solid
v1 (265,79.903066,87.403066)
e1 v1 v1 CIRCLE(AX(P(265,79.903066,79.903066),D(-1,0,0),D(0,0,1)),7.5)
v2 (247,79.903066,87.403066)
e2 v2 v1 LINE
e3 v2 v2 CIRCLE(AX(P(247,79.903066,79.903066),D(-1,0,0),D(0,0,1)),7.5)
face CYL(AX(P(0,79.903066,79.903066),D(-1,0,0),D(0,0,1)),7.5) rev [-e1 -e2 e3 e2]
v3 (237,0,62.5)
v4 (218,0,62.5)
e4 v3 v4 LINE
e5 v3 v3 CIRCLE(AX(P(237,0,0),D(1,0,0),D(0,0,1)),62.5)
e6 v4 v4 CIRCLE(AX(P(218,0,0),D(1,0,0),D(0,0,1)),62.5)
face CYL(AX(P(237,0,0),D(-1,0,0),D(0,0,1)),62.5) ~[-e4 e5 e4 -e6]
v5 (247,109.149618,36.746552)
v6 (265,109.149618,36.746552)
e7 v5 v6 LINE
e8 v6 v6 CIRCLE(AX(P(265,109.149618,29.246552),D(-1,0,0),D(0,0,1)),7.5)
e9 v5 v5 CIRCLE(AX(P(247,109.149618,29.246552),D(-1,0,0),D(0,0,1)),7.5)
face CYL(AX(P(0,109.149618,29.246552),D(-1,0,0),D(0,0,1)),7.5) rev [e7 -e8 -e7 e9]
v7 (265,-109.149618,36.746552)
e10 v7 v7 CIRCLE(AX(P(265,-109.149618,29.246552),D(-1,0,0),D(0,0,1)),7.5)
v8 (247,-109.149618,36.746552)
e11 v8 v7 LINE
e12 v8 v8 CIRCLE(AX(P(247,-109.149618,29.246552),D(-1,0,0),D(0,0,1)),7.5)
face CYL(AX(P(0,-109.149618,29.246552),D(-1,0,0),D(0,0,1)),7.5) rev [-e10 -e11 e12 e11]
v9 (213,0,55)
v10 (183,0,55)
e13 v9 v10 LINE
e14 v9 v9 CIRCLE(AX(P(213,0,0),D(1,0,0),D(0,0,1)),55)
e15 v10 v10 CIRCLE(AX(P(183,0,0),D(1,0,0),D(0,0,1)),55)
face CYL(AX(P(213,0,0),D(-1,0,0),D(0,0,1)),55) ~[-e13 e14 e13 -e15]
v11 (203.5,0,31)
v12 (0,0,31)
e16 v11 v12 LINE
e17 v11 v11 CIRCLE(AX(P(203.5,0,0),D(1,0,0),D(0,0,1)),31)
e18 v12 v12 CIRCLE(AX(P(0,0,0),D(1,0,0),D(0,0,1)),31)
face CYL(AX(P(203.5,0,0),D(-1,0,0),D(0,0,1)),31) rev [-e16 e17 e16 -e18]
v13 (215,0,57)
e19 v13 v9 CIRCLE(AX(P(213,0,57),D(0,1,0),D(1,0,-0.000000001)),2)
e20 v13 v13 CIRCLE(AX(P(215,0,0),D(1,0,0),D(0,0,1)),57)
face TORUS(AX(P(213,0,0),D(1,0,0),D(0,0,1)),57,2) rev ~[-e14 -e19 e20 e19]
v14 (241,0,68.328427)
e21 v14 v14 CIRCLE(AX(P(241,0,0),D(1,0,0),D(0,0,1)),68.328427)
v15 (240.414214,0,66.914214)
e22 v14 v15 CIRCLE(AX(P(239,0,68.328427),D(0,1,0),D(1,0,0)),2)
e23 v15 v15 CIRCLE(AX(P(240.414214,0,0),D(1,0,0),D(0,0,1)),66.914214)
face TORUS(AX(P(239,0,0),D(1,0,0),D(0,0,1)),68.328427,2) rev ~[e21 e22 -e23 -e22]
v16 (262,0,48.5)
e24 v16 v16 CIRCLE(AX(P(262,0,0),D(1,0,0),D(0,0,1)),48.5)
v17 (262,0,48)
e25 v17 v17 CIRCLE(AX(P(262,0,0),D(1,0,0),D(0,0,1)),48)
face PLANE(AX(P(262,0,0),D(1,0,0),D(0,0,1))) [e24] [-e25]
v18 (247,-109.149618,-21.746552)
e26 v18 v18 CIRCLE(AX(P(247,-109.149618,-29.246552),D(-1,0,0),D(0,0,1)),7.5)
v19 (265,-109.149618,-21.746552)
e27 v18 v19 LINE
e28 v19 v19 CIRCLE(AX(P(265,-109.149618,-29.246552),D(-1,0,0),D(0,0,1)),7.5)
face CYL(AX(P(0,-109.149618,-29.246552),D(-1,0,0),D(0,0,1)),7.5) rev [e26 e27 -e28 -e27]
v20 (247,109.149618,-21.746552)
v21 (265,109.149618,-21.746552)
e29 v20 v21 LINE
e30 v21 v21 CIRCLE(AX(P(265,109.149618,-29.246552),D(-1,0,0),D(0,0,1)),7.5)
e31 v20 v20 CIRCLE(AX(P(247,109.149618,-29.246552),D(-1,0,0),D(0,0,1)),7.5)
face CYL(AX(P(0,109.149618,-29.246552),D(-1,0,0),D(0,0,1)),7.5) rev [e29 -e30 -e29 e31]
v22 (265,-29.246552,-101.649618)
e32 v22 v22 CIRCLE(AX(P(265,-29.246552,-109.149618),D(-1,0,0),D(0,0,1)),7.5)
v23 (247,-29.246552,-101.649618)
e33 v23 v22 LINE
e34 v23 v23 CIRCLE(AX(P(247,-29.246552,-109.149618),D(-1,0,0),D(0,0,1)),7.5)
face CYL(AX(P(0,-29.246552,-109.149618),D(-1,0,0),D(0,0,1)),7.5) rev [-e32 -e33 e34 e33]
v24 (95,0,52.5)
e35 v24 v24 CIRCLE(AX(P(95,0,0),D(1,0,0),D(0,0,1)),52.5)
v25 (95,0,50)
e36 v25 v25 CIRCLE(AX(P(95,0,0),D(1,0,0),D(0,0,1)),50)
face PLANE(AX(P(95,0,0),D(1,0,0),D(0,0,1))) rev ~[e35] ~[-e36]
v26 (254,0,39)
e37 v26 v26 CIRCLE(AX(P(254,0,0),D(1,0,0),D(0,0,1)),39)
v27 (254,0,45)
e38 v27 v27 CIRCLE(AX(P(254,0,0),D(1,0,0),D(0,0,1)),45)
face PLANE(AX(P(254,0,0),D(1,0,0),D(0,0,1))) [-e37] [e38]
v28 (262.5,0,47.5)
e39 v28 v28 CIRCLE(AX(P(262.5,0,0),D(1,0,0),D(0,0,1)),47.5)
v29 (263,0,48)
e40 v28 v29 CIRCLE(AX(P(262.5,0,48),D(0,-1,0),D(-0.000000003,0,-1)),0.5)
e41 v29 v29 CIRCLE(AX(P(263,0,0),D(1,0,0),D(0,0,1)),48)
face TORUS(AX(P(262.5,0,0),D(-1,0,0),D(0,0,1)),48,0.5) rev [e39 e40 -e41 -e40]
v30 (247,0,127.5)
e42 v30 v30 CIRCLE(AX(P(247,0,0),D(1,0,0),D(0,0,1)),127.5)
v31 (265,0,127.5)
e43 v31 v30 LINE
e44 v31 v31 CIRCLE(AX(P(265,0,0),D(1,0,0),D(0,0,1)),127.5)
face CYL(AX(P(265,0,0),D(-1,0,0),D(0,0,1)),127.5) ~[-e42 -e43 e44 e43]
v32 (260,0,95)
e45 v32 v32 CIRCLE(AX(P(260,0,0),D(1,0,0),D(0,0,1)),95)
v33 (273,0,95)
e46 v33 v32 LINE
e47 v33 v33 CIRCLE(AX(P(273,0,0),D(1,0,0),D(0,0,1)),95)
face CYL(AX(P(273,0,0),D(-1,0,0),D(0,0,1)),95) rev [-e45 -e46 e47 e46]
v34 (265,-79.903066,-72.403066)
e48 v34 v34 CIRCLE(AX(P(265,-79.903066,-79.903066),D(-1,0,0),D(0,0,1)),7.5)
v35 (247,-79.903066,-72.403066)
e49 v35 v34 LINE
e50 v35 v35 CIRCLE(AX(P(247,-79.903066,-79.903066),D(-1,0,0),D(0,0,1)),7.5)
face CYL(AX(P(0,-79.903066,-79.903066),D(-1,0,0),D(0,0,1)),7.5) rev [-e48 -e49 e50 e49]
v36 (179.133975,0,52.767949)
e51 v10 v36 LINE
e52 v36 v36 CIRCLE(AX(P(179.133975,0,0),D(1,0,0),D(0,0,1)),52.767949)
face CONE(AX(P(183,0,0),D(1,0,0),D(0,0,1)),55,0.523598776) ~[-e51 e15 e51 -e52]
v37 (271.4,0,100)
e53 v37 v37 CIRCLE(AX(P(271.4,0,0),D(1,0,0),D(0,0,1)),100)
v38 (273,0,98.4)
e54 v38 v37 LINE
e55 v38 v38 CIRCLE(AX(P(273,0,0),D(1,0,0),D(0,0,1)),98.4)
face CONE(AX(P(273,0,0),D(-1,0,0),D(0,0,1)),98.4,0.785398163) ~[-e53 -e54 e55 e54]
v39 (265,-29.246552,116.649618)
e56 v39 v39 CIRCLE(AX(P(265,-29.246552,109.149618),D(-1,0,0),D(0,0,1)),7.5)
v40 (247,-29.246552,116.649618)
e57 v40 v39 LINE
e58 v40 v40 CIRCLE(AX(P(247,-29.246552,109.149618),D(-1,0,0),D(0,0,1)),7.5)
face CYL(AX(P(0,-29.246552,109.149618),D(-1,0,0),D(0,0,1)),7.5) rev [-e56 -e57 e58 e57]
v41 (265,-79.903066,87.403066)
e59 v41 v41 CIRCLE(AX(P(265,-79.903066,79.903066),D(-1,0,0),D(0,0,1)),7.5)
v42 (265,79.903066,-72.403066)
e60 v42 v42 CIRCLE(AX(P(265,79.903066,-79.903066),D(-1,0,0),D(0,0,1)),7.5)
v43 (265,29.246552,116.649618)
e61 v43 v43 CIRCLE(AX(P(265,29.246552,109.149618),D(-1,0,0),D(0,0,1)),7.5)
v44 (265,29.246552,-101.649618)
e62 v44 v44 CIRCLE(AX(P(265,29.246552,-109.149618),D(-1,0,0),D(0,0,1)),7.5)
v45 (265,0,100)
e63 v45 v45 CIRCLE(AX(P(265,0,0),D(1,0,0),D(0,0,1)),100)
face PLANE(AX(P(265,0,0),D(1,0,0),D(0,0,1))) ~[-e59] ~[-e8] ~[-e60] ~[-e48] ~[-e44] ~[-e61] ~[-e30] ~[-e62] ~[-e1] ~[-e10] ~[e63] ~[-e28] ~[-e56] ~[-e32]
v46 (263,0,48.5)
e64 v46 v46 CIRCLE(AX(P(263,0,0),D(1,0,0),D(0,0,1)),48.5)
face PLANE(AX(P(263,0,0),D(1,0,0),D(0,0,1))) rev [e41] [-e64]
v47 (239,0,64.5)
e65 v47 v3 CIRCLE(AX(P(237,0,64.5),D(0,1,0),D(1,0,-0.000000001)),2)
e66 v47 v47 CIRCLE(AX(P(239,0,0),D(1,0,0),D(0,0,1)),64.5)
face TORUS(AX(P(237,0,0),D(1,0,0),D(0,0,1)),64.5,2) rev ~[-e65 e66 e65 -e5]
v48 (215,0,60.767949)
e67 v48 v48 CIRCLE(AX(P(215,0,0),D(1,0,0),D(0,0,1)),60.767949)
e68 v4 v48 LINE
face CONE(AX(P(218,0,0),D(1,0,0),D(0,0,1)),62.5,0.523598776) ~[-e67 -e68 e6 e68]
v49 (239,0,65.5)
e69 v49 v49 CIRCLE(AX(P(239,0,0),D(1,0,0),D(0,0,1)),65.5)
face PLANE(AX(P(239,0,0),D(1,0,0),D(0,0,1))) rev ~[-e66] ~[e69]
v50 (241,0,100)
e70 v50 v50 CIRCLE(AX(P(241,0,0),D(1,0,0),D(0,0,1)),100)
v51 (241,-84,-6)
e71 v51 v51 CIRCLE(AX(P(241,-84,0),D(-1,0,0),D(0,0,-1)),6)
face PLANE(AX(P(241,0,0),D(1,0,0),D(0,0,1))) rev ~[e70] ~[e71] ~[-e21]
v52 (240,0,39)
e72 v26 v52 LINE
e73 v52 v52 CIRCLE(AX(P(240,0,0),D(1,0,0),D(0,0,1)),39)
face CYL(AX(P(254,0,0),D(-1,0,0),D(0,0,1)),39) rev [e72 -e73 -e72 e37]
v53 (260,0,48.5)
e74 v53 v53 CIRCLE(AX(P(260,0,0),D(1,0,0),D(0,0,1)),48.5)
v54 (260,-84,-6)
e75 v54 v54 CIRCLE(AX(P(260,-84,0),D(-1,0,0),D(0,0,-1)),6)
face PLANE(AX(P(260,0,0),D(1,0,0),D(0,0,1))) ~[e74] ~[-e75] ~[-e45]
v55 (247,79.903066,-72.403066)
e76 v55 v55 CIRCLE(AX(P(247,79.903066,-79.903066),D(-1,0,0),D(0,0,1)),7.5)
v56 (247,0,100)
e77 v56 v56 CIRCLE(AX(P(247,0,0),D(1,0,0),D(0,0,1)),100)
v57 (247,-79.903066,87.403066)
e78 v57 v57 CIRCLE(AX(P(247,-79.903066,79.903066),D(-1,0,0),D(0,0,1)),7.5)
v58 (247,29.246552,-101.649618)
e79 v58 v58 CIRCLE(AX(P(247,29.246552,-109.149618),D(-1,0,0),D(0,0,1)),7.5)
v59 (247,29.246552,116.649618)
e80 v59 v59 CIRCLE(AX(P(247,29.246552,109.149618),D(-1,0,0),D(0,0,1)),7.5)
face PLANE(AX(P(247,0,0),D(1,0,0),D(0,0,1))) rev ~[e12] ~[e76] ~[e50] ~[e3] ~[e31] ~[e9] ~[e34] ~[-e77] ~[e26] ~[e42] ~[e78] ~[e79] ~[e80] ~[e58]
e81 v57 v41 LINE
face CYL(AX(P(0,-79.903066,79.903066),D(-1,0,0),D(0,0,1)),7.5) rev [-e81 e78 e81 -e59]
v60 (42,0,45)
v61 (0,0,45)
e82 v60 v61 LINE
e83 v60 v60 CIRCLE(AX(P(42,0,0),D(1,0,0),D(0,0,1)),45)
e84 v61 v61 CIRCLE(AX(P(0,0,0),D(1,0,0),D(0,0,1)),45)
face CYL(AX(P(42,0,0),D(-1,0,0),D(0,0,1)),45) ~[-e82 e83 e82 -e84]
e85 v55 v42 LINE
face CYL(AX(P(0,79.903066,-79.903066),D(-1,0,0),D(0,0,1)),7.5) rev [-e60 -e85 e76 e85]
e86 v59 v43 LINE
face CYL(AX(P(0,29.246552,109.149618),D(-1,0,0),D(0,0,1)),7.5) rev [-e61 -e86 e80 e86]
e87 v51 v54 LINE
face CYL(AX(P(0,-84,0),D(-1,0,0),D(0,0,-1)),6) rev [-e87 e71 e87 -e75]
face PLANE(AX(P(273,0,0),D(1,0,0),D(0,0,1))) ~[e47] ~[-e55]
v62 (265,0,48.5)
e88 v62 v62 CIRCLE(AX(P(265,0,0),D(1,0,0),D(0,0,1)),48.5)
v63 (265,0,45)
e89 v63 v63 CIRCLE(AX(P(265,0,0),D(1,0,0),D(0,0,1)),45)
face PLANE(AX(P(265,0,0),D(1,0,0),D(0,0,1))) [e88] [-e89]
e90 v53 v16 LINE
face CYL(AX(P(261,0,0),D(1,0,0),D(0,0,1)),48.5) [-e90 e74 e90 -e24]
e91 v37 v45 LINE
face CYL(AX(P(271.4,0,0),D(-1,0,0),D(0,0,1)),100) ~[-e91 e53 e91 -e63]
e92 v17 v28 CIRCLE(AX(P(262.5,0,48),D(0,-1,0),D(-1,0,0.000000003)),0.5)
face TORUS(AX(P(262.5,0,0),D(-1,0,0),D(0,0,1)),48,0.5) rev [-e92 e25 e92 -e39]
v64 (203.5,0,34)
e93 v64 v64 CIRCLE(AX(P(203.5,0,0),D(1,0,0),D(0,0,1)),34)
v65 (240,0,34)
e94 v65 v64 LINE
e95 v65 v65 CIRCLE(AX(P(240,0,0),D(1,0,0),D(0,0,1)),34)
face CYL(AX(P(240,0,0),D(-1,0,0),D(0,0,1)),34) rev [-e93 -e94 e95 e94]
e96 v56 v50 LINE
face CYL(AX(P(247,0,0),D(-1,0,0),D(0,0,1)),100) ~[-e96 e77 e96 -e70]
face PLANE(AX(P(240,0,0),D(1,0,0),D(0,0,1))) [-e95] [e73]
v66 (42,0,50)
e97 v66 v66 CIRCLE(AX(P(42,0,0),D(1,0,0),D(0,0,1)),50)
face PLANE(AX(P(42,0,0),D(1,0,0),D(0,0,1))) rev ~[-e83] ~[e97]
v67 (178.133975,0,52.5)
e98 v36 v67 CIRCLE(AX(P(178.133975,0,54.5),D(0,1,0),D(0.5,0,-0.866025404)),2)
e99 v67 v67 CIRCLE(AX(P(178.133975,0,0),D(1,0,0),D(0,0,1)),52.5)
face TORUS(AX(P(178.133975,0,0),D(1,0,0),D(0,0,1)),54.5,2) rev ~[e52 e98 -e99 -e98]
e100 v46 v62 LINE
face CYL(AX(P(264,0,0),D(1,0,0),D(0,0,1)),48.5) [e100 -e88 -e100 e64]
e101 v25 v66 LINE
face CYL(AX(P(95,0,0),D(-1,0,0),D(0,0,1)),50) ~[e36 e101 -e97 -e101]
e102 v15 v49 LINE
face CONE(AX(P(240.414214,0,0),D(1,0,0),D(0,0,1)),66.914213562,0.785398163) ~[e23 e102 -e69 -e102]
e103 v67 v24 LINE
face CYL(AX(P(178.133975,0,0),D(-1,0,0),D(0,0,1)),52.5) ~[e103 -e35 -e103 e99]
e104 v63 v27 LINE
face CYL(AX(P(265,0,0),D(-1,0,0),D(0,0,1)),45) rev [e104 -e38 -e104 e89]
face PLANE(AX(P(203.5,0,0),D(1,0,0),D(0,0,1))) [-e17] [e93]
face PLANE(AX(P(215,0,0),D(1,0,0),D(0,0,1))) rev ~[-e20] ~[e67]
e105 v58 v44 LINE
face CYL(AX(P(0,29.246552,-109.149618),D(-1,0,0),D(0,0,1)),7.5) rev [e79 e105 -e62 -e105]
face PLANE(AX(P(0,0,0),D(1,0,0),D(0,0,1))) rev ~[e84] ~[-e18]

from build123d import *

# Parameters (mm, degrees)
SKETCH_3_W           = 2
SKETCH_3_H           = 46.5
SKETCH_5_W           = 2
SKETCH_5_H           = 46.5
SKETCH_6_R           = 7.5
CUT_EXTRUDE_1_DEPTH  = 328.171973127
SKETCH_7_R           = 7.5
CUT_EXTRUDE_2_DEPTH  = 328.171973127
SKETCH_8_R           = 7.5
CUT_EXTRUDE_3_DEPTH  = 328.171973127
SKETCH_9_R           = 7.5
CUT_EXTRUDE_4_DEPTH  = 328.171973127
SKETCH_10_R          = 7.5
CUT_EXTRUDE_5_DEPTH  = 328.171973127
SKETCH_11_R          = 7.5
CUT_EXTRUDE_6_DEPTH  = 328.171973127
SKETCH_12_R          = 7.5
CUT_EXTRUDE_7_DEPTH  = 328.171973127
SKETCH_13_R          = 7.5
CUT_EXTRUDE_8_DEPTH  = 328.171973127
SKETCH_14_R          = 7.5
CUT_EXTRUDE_9_DEPTH  = 328.171973127
SKETCH_15_R          = 7.5
CUT_EXTRUDE_10_DEPTH = 328.171973127
SKETCH_16_R          = 7.5
CUT_EXTRUDE_11_DEPTH = 328.171973127
SKETCH_17_R          = 7.5
CUT_EXTRUDE_12_DEPTH = 328.171973127
SKETCH_18_R          = 6
CUT_EXTRUDE_13_DEPTH = 328.171973127


with BuildPart() as part:
    # Эскиз1 → Повернуть1 (revolve)
    with BuildSketch(Plane.XY, mode=Mode.PRIVATE) as revolve_1_sk:
        with BuildLine():
            Line((0, 0), (273, 0))
            Line((273, 0), (273, 98.4))
            Line((273, 98.4), (271.4, 100))
            Line((271.4, 100), (265, 100))
            Line((265, 100), (265, 127.5))
            Line((265, 127.5), (247, 127.5))
            Line((247, 127.5), (247, 100))
            Line((247, 100), (241, 100))
            Line((241, 100), (241, 68.328427125))
            ThreePointArc((241, 68.328427125), (240.847759065, 67.56306026), (240.414213562, 66.914213562))
            Line((240.414213562, 66.914213562), (239, 65.5))
            Line((239, 65.5), (239, 64.5))
            ThreePointArc((239, 64.5), (238.414213562, 63.085786438), (237, 62.5))
            Line((237, 62.5), (218, 62.5))
            Line((218, 62.5), (215, 60.767949192))
            Line((215, 60.767949192), (215, 57))
            ThreePointArc((215, 57), (214.414213562, 55.585786438), (213, 55))
            Line((213, 55), (183, 55))
            Line((183, 55), (179.133974596, 52.767949192))
            ThreePointArc((179.133974596, 52.767949192), (178.651612686, 52.568148347), (178.133974596, 52.5))
            Line((178.133974596, 52.5), (95, 52.5))
            Line((95, 52.5), (95, 50))
            Line((95, 50), (42, 50))
            Line((42, 50), (42, 45))
            Line((42, 45), (0, 45))
            Line((0, 45), (0, 0))
        make_face()
    revolve(revolve_1_sk.sketch.rotate(Axis((0, 0, 0), (1, 0, 0)), 90), axis=Axis((0, 0, 0), (1, 0, 0)))

    # Эскиз2 → Вырез-Повернуть1 (revolve, cut)
    with BuildSketch(Plane.XY, mode=Mode.PRIVATE) as cut_revolve_1_sk:
        Polygon((0, 0), (273, 0), (273, 95), (265, 95), (265, 45), (254, 45), (254, 39), (240, 39), (240, 34), (203.5, 34), (203.5, 31), (0, 31), align=None)
    revolve(cut_revolve_1_sk.sketch.rotate(Axis((0, 0, 0), (1, 0, 0)), 90), axis=Axis((0, 0, 0), (1, 0, 0)), mode=Mode.SUBTRACT)

    # Эскиз3 → Rear_recess_left (revolve, cut)
    with BuildSketch(Plane.XY, mode=Mode.PRIVATE) as rear_recess_left_sk:
        with Locations((261, 71.75)):
            Rectangle(SKETCH_3_W, SKETCH_3_H)
    revolve(rear_recess_left_sk.sketch.rotate(Axis((0, 0, 0), (1, 0, 0)), 90), axis=Axis((0, 0, 0), (1, 0, 0)), mode=Mode.SUBTRACT)

    # Эскиз4 → Collar_groove_nominal (revolve, cut)
    with BuildSketch(Plane.XY, mode=Mode.PRIVATE) as collar_groove_nominal_sk:
        with BuildLine():
            Line((263, 48), (263, 95))
            Line((263, 95), (262, 95))
            Line((262, 95), (262, 48))
            ThreePointArc((262, 48), (262.146446609, 47.646446609), (262.5, 47.5))
            ThreePointArc((262.5, 47.5), (262.853553391, 47.646446609), (263, 48))
        make_face()
    revolve(collar_groove_nominal_sk.sketch.rotate(Axis((0, 0, 0), (1, 0, 0)), 90), axis=Axis((0, 0, 0), (1, 0, 0)), mode=Mode.SUBTRACT)

    # Эскиз5 → Rear_recess_lip (revolve, cut)
    with BuildSketch(Plane.XY, mode=Mode.PRIVATE) as rear_recess_lip_sk:
        with Locations((264, 71.75)):
            Rectangle(SKETCH_5_W, SKETCH_5_H)
    revolve(rear_recess_lip_sk.sketch.rotate(Axis((0, 0, 0), (1, 0, 0)), 90), axis=Axis((0, 0, 0), (1, 0, 0)), mode=Mode.SUBTRACT)

    # Эскиз6 → Вырез-Вытянуть1 (cut, through all)
    with BuildSketch(Plane(origin=(0, 0, 0), x_dir=(0, 0, -1), z_dir=(1, 0, 0))):
        with Locations(Location((109.149618371, 29.246552097, 0), (0, 0, 180))):
            Circle(SKETCH_6_R)
    extrude(amount=CUT_EXTRUDE_1_DEPTH, mode=Mode.SUBTRACT)

    # Эскиз7 → Вырез-Вытянуть2 (cut, through all)
    with BuildSketch(Plane(origin=(0, 0, 0), x_dir=(0, 0, -1), z_dir=(1, 0, 0))):
        with Locations(Location((79.903066274, 79.903066274, 0), (0, 0, 180))):
            Circle(SKETCH_7_R)
    extrude(amount=CUT_EXTRUDE_2_DEPTH, mode=Mode.SUBTRACT)

    # Эскиз8 → Вырез-Вытянуть3 (cut, through all)
    with BuildSketch(Plane(origin=(0, 0, 0), x_dir=(0, 0, -1), z_dir=(1, 0, 0))):
        with Locations(Location((29.246552097, 109.149618371, 0), (0, 0, 180))):
            Circle(SKETCH_8_R)
    extrude(amount=CUT_EXTRUDE_3_DEPTH, mode=Mode.SUBTRACT)

    # Эскиз9 → Вырез-Вытянуть4 (cut, through all)
    with BuildSketch(Plane(origin=(0, 0, 0), x_dir=(0, 0, -1), z_dir=(1, 0, 0))):
        with Locations(Location((-29.246552097, 109.149618371, 0), (0, 0, 180))):
            Circle(SKETCH_9_R)
    extrude(amount=CUT_EXTRUDE_4_DEPTH, mode=Mode.SUBTRACT)

    # Эскиз10 → Вырез-Вытянуть5 (cut, through all)
    with BuildSketch(Plane(origin=(0, 0, 0), x_dir=(0, 0, -1), z_dir=(1, 0, 0))):
        with Locations(Location((-79.903066274, 79.903066274, 0), (0, 0, 180))):
            Circle(SKETCH_10_R)
    extrude(amount=CUT_EXTRUDE_5_DEPTH, mode=Mode.SUBTRACT)

    # Эскиз11 → Вырез-Вытянуть6 (cut, through all)
    with BuildSketch(Plane(origin=(0, 0, 0), x_dir=(0, 0, -1), z_dir=(1, 0, 0))):
        with Locations(Location((-109.149618371, 29.246552097, 0), (0, 0, 180))):
            Circle(SKETCH_11_R)
    extrude(amount=CUT_EXTRUDE_6_DEPTH, mode=Mode.SUBTRACT)

    # Эскиз12 → Вырез-Вытянуть7 (cut, through all)
    with BuildSketch(Plane(origin=(0, 0, 0), x_dir=(0, 0, -1), z_dir=(1, 0, 0))):
        with Locations(Location((-109.149618371, -29.246552097, 0), (0, 0, 180))):
            Circle(SKETCH_12_R)
    extrude(amount=CUT_EXTRUDE_7_DEPTH, mode=Mode.SUBTRACT)

    # Эскиз13 → Вырез-Вытянуть8 (cut, through all)
    with BuildSketch(Plane(origin=(0, 0, 0), x_dir=(0, 0, -1), z_dir=(1, 0, 0))):
        with Locations(Location((-79.903066274, -79.903066274, 0), (0, 0, 180))):
            Circle(SKETCH_13_R)
    extrude(amount=CUT_EXTRUDE_8_DEPTH, mode=Mode.SUBTRACT)

    # Эскиз14 → Вырез-Вытянуть9 (cut, through all)
    with BuildSketch(Plane(origin=(0, 0, 0), x_dir=(0, 0, -1), z_dir=(1, 0, 0))):
        with Locations(Location((-29.246552097, -109.149618371, 0), (0, 0, 180))):
            Circle(SKETCH_14_R)
    extrude(amount=CUT_EXTRUDE_9_DEPTH, mode=Mode.SUBTRACT)

    # Эскиз15 → Вырез-Вытянуть10 (cut, through all)
    with BuildSketch(Plane(origin=(0, 0, 0), x_dir=(0, 0, -1), z_dir=(1, 0, 0))):
        with Locations(Location((29.246552097, -109.149618371, 0), (0, 0, 180))):
            Circle(SKETCH_15_R)
    extrude(amount=CUT_EXTRUDE_10_DEPTH, mode=Mode.SUBTRACT)

    # Эскиз16 → Вырез-Вытянуть11 (cut, through all)
    with BuildSketch(Plane(origin=(0, 0, 0), x_dir=(0, 0, -1), z_dir=(1, 0, 0))):
        with Locations(Location((79.903066274, -79.903066274, 0), (0, 0, 180))):
            Circle(SKETCH_16_R)
    extrude(amount=CUT_EXTRUDE_11_DEPTH, mode=Mode.SUBTRACT)

    # Эскиз17 → Вырез-Вытянуть12 (cut, through all)
    with BuildSketch(Plane(origin=(0, 0, 0), x_dir=(0, 0, -1), z_dir=(1, 0, 0))):
        with Locations(Location((109.149618371, -29.246552097, 0), (0, 0, 180))):
            Circle(SKETCH_17_R)
    extrude(amount=CUT_EXTRUDE_12_DEPTH, mode=Mode.SUBTRACT)

    # Эскиз18 → Вырез-Вытянуть13 (cut, through all)
    with BuildSketch(Plane(origin=(0, 0, 0), x_dir=(0, 0, -1), z_dir=(1, 0, 0))):
        with Locations((0, -84)):
            Circle(SKETCH_18_R)
    extrude(amount=CUT_EXTRUDE_13_DEPTH, mode=Mode.SUBTRACT)


solid = part.part
